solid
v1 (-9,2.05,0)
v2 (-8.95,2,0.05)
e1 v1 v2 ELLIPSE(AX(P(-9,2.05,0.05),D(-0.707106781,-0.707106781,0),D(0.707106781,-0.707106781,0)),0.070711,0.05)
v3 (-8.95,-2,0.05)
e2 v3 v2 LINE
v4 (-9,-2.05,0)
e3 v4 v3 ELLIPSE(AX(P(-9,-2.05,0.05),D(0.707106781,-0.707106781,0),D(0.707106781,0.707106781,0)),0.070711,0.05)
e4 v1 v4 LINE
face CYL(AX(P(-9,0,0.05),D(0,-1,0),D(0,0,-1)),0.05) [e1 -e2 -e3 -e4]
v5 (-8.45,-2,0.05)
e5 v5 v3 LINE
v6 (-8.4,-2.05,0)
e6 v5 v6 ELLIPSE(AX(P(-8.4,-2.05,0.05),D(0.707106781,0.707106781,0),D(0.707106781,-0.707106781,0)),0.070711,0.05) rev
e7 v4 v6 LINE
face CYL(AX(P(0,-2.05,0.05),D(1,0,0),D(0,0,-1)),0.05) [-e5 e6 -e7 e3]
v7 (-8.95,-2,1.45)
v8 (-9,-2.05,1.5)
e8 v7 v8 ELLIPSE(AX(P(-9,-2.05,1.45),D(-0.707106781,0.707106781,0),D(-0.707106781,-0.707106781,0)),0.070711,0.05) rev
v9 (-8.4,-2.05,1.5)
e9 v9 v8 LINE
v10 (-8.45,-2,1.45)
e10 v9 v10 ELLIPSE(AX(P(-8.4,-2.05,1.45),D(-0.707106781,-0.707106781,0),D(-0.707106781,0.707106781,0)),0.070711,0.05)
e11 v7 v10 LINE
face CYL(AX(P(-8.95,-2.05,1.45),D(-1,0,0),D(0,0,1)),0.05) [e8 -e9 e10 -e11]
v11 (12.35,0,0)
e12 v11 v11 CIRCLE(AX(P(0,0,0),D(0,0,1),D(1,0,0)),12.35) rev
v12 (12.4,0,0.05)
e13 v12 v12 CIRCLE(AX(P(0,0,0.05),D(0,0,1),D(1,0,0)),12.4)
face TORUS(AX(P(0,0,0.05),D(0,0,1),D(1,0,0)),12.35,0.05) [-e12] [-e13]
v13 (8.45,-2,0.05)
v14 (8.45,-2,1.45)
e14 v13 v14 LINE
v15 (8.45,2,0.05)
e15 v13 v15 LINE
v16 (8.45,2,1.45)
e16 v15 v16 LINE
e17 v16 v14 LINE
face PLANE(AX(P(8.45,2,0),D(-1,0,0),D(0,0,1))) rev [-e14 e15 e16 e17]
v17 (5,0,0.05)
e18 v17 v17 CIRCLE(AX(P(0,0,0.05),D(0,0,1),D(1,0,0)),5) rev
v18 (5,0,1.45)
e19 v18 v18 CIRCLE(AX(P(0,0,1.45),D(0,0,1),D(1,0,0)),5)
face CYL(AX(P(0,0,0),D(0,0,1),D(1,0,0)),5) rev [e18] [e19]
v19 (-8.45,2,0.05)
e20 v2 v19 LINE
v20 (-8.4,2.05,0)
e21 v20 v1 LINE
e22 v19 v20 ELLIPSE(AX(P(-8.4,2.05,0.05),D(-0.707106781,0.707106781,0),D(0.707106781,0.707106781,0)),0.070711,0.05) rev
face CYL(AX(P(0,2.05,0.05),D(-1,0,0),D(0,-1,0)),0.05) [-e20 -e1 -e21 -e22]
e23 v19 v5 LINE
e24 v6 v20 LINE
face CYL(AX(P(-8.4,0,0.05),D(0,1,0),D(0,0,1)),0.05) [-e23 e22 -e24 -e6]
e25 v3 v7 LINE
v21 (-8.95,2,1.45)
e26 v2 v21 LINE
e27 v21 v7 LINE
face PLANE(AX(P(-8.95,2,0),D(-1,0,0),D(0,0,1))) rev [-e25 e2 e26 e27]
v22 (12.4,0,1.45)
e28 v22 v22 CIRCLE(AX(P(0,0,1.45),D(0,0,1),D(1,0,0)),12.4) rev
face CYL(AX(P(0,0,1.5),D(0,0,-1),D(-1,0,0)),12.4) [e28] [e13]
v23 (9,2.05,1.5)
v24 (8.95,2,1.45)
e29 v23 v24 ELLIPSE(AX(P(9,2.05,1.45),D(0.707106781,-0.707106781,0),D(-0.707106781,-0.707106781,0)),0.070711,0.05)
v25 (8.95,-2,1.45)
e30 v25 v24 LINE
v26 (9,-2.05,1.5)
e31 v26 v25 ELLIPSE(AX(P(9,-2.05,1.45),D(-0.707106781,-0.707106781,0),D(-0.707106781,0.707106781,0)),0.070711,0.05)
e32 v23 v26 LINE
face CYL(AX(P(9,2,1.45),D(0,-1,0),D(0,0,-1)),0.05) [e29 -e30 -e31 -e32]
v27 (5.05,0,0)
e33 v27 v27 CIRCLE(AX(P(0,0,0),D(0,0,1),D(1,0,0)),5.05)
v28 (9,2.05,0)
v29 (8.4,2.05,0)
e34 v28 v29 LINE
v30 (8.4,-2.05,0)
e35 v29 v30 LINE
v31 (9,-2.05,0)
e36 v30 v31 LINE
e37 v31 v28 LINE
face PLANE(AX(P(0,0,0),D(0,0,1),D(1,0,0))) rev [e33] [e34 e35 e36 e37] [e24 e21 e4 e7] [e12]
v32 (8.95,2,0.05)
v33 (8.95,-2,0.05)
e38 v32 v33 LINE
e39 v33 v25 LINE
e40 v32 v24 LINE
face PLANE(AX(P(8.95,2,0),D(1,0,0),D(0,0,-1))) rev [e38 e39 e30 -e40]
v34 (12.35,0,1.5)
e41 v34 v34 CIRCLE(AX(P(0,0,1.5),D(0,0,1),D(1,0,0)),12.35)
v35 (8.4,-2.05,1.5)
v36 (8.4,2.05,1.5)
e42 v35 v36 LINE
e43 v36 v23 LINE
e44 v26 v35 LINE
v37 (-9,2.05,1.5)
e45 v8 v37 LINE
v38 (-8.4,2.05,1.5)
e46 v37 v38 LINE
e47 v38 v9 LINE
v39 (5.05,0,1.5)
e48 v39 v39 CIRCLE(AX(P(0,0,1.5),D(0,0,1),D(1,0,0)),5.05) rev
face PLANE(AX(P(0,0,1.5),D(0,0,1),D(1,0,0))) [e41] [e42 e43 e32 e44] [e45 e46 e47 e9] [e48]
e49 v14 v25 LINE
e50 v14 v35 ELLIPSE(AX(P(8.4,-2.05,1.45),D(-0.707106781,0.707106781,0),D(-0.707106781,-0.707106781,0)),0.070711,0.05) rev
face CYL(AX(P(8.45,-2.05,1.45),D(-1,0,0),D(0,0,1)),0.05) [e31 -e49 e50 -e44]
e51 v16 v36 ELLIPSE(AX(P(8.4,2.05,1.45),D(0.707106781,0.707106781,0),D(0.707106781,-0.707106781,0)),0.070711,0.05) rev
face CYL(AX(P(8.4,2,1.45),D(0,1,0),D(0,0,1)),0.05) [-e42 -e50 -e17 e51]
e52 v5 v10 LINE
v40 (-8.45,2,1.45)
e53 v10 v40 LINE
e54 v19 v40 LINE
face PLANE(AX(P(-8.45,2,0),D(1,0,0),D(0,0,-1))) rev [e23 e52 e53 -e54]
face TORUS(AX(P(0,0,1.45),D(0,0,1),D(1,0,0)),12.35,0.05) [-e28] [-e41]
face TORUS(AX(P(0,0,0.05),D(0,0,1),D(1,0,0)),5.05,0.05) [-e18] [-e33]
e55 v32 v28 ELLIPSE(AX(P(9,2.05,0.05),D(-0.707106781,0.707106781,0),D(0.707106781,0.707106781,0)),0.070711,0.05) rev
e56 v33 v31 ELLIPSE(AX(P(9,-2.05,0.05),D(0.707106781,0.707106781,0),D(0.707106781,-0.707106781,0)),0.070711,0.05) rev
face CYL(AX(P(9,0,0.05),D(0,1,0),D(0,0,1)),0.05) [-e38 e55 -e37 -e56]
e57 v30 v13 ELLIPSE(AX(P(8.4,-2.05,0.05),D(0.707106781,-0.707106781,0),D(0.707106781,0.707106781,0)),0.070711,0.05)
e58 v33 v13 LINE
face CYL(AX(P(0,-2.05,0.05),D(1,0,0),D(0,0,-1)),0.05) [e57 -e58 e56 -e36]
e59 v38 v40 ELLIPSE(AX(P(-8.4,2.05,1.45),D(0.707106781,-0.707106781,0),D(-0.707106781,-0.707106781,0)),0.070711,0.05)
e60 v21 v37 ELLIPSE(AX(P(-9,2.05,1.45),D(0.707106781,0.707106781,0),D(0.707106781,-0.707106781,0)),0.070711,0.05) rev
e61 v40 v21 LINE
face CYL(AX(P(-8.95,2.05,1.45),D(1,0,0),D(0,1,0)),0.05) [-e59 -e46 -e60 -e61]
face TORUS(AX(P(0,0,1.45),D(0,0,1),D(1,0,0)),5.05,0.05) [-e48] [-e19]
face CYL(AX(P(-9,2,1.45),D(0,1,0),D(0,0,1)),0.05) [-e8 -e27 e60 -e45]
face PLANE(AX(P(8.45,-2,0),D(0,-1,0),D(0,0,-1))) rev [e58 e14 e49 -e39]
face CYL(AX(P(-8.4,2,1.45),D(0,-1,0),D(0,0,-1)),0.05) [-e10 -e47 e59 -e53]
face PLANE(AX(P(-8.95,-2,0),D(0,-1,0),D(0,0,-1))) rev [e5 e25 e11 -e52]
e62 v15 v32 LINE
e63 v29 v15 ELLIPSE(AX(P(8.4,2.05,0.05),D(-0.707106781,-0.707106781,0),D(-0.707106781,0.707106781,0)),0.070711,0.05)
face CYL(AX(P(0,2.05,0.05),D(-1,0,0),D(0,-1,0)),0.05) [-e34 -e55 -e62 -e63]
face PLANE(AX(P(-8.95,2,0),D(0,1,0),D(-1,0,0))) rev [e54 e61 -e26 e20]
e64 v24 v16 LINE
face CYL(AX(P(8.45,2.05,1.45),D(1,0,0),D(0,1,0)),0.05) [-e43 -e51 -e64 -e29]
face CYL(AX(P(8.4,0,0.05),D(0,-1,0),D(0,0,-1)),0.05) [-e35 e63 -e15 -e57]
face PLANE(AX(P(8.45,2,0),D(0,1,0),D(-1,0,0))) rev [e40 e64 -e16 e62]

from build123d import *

# Parameters (mm, degrees)
SKETCH1_R           = 12.4
BOSS_EXTRUDE1_DEPTH = 1.5
SKETCH2_R           = 5
SKETCH2_W           = 0.5
SKETCH2_H           = 4
CUT_EXTRUDE1_DEPTH  = 2.5
FILLET1_R           = 0.05


with BuildPart() as part:
    # Sketch1 → Boss-Extrude1 (new body)
    with BuildSketch(Plane.XY):
        Circle(SKETCH1_R)
    extrude(amount=BOSS_EXTRUDE1_DEPTH)

    # Sketch2 → Cut-Extrude1 (cut, through all)
    with BuildSketch(Plane.XY.offset(1.5)):
        Circle(SKETCH2_R)
        with Locations((-8.7, 0)):
            Rectangle(SKETCH2_W, SKETCH2_H)
        with Locations((8.7, 0)):
            Rectangle(SKETCH2_W, SKETCH2_H)
    extrude(amount=-CUT_EXTRUDE1_DEPTH, mode=Mode.SUBTRACT)

    # Fillet1
    fillet1_edges = [part.edges().sort_by_distance(p)[0] for p in [
        (-8.95, 0, 0),
        (-8.7, 2, 0),
        (-8.45, 0, 0),
        (-8.7, -2, 0),
        (-8.95, 0, 1.5),
        (-8.7, -2, 1.5),
        (-8.45, 0, 1.5),
        (-8.7, 2, 1.5),
        (-12.4, 0, 0),
        (8.45, 0, 0),
        (8.7, 2, 0),
        (8.95, 0, 0),
        (8.7, -2, 0),
        (8.45, 0, 1.5),
        (8.7, -2, 1.5),
        (8.95, 0, 1.5),
        (8.7, 2, 1.5),
        (-12.4, 0, 1.5),
        (-5, 0, 0),
        (-5, 0, 1.5),
    ]]
    fillet(fillet1_edges, radius=FILLET1_R)


solid = part.part
